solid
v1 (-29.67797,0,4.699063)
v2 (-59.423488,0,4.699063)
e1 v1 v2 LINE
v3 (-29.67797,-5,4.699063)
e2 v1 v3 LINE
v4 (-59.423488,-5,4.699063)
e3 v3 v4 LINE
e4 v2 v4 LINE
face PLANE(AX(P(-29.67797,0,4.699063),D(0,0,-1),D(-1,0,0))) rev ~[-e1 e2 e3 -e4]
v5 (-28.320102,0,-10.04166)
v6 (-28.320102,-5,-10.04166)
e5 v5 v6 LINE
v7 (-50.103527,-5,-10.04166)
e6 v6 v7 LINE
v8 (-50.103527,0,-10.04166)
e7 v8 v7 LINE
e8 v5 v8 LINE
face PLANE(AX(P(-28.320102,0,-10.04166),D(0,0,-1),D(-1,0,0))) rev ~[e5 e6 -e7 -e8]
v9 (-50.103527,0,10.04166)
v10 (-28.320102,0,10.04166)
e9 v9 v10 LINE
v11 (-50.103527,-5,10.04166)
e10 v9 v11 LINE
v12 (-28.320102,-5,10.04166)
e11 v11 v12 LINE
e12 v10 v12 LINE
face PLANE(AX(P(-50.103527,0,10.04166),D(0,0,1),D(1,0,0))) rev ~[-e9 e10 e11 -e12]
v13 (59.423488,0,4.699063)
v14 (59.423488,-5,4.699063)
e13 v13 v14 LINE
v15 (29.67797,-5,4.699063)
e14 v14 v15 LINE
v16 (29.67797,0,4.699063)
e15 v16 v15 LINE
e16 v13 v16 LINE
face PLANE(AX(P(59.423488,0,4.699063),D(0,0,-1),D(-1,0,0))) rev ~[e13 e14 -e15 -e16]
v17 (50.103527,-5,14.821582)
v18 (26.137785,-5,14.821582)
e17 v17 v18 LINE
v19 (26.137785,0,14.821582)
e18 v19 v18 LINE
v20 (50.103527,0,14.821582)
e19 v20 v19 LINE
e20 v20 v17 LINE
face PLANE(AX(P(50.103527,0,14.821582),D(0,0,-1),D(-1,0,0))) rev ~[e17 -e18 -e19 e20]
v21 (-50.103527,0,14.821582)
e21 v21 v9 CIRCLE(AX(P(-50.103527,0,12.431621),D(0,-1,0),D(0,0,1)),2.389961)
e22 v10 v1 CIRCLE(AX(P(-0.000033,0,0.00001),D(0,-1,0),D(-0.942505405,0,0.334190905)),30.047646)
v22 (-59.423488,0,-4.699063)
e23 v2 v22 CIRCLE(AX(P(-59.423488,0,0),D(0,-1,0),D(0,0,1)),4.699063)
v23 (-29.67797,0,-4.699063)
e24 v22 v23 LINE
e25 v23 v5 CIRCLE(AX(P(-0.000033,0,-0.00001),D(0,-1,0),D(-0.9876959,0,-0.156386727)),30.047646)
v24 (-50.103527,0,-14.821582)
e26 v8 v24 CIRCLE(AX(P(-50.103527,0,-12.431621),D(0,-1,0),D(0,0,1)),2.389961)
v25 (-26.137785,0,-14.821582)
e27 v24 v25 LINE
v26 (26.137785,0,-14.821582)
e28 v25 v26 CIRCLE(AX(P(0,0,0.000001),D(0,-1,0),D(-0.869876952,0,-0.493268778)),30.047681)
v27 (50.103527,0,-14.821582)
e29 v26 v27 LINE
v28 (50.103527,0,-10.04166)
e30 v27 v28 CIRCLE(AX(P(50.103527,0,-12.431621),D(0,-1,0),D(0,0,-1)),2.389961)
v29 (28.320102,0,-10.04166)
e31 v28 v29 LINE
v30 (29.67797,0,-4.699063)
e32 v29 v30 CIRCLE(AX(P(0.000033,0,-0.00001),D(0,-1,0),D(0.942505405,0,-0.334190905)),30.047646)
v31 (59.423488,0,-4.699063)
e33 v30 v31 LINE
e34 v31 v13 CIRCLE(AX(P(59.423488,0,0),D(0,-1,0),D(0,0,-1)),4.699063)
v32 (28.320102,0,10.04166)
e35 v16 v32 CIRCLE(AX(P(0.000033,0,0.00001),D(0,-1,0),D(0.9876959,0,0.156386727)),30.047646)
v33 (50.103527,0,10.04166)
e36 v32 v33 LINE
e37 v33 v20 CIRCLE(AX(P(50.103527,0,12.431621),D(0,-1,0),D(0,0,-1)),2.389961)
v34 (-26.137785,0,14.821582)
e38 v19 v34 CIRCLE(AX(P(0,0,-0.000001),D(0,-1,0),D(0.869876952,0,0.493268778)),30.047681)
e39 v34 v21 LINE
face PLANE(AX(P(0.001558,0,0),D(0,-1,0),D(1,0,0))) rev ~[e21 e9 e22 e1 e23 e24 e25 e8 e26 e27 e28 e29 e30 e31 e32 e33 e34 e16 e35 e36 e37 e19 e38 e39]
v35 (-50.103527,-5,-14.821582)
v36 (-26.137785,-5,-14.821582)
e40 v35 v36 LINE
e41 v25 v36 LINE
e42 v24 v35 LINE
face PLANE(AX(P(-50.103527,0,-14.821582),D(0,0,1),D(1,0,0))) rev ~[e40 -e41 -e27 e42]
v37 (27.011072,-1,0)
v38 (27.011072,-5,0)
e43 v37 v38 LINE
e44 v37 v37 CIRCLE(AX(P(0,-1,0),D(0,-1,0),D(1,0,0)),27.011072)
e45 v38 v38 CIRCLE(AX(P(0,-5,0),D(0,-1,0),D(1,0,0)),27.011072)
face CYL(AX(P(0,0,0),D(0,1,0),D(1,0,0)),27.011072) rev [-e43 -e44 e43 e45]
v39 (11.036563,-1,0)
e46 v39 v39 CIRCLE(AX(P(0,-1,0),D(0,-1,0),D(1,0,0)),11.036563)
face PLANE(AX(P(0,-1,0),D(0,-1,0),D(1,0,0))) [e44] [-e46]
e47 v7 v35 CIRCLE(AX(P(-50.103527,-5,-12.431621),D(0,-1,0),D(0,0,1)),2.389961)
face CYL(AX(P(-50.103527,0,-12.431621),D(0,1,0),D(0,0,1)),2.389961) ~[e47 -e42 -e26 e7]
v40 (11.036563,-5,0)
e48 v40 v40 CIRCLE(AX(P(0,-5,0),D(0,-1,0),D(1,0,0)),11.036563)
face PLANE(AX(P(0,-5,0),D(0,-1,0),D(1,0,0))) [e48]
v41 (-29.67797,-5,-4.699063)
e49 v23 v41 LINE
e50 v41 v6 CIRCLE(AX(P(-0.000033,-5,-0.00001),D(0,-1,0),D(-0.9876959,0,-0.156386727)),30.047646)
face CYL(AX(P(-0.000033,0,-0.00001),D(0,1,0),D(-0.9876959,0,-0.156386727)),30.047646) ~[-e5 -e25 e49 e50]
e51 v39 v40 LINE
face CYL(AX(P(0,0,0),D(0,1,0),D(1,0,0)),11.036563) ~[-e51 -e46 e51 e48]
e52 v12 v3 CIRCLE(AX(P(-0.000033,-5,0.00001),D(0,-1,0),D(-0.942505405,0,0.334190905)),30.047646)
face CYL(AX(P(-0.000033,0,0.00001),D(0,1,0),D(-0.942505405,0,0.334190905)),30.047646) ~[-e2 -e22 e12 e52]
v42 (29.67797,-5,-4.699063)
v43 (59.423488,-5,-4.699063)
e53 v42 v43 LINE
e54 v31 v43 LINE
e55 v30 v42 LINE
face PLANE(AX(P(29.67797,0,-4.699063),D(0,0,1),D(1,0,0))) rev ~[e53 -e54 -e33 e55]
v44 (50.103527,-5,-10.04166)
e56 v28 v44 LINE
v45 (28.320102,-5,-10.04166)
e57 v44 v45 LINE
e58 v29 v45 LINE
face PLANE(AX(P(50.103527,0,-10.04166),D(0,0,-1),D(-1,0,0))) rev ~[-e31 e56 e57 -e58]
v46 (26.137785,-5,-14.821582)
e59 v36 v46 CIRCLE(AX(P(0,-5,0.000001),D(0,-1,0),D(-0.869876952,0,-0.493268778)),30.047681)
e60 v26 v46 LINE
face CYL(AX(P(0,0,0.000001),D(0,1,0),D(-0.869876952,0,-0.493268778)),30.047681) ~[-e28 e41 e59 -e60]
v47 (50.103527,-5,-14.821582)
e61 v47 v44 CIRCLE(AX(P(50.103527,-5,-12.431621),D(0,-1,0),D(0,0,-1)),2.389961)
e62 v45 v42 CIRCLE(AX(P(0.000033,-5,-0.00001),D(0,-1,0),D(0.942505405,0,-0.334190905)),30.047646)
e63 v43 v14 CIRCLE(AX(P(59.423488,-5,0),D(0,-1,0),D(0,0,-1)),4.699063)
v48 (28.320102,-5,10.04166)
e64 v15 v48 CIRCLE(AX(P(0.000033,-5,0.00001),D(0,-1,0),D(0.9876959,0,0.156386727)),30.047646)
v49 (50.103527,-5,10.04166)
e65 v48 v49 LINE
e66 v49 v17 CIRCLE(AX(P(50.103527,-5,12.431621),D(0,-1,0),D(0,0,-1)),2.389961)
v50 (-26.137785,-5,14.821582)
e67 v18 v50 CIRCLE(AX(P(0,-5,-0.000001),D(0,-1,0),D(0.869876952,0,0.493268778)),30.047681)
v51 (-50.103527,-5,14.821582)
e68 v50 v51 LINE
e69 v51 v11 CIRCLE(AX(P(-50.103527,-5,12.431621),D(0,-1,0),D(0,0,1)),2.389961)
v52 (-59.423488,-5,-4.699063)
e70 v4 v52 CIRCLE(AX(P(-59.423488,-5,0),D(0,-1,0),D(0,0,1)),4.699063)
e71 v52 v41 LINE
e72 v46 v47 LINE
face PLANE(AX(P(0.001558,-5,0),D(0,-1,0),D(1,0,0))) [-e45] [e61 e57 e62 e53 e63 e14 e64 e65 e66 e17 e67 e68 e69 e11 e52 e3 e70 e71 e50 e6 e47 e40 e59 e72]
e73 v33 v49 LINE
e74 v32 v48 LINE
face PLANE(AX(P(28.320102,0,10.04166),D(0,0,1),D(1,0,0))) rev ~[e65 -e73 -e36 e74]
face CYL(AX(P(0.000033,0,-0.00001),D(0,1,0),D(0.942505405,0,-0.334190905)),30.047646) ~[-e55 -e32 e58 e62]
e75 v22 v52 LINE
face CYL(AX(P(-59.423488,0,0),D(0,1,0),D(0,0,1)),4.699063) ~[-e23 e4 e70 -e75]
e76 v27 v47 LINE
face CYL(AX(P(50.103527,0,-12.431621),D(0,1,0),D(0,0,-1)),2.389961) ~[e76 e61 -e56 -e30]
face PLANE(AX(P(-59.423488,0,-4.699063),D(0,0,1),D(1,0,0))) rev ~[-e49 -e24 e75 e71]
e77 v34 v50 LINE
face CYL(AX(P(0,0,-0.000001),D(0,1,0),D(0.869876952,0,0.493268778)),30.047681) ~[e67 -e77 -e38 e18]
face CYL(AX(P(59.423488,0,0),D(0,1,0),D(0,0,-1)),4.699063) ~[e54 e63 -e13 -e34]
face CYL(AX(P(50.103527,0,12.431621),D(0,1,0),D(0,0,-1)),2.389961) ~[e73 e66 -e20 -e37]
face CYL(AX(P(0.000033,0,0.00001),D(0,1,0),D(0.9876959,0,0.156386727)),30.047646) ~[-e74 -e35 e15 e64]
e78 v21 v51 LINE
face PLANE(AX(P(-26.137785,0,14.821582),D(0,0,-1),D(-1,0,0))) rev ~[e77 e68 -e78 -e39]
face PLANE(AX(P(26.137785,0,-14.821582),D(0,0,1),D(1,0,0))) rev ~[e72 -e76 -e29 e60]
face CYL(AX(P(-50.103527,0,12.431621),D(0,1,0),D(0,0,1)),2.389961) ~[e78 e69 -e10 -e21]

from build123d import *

# Parameters (mm, degrees)
F0_R     = 27.011072
F0_R_2   = 11.036563
F1_DEPTH = 1
F2_DEPTH = 5


with BuildPart() as f1:
    # F0 (on Front) → F1 (new body)
    with BuildSketch(Plane.XZ):
        Circle(F0_R)
        Circle(F0_R_2, mode=Mode.SUBTRACT)
    extrude(amount=F1_DEPTH)

    # F0 (on Front) → F2 (join)
    with BuildSketch(Plane.XZ):
        with BuildLine():
            ThreePointArc((29.67797, -4.699063), (29.95511, -2.356792), (30.04768, 0))
            ThreePointArc((30.04768, 0), (29.95511, 2.356792), (29.67797, 4.699063))
            ThreePointArc((29.67797, 4.699063), (29.121812, 7.401566), (28.320102, 10.04166))
            ThreePointArc((28.320102, 10.04166), (27.333629, 12.479416), (26.137785, 14.821582))
            ThreePointArc((26.137785, 14.821582), (0, 30.04768), (-26.137785, 14.821582))
            ThreePointArc((-26.137785, 14.821582), (-27.333629, 12.479416), (-28.320102, 10.04166))
            ThreePointArc((-28.320102, 10.04166), (-29.121812, 7.401566), (-29.67797, 4.699063))
            ThreePointArc((-29.67797, 4.699063), (-30.04768, 0), (-29.67797, -4.699063))
            ThreePointArc((-29.67797, -4.699063), (-29.121812, -7.401566), (-28.320102, -10.04166))
            ThreePointArc((-28.320102, -10.04166), (-27.333629, -12.479416), (-26.137785, -14.821582))
            ThreePointArc((-26.137785, -14.821582), (0, -30.04768), (26.137785, -14.821582))
            ThreePointArc((26.137785, -14.821582), (27.333629, -12.479416), (28.320102, -10.04166))
            ThreePointArc((28.320102, -10.04166), (29.121812, -7.401566), (29.67797, -4.699063))
        make_face()
        Circle(F0_R, mode=Mode.SUBTRACT)
        Circle(F0_R_2)
        with BuildLine():
            ThreePointArc((26.137785, 14.821582), (27.333629, 12.479416), (28.320102, 10.04166))
            Line((28.320102, 10.04166), (50.103527, 10.04166))
            ThreePointArc((50.103527, 10.04166), (52.493488, 12.431621), (50.103527, 14.821582))
            Line((50.103527, 14.821582), (26.137785, 14.821582))
        make_face()
        with BuildLine():
            ThreePointArc((29.67797, 4.699063), (29.95511, 2.356792), (30.04768, 0))
            ThreePointArc((30.04768, 0), (29.95511, -2.356792), (29.67797, -4.699063))
            Line((29.67797, -4.699063), (59.423488, -4.699063))
            ThreePointArc((59.423488, -4.699063), (64.122551, 0), (59.423488, 4.699063))
            Line((59.423488, 4.699063), (29.67797, 4.699063))
        make_face()
        with BuildLine():
            Line((50.103527, -10.04166), (28.320102, -10.04166))
            ThreePointArc((28.320102, -10.04166), (27.333629, -12.479416), (26.137785, -14.821582))
            Line((26.137785, -14.821582), (50.103527, -14.821582))
            ThreePointArc((50.103527, -14.821582), (52.493488, -12.431621), (50.103527, -10.04166))
        make_face()
        with BuildLine():
            Line((-50.103527, -14.821582), (-26.137785, -14.821582))
            ThreePointArc((-26.137785, -14.821582), (-27.333629, -12.479416), (-28.320102, -10.04166))
            Line((-28.320102, -10.04166), (-50.103527, -10.04166))
            ThreePointArc((-50.103527, -10.04166), (-52.493488, -12.431621), (-50.103527, -14.821582))
        make_face()
        with BuildLine():
            ThreePointArc((-29.67797, -4.699063), (-30.04768, 0), (-29.67797, 4.699063))
            Line((-29.67797, 4.699063), (-59.423488, 4.699063))
            ThreePointArc((-59.423488, 4.699063), (-64.122551, 0), (-59.423488, -4.699063))
            Line((-59.423488, -4.699063), (-29.67797, -4.699063))
        make_face()
        with BuildLine():
            ThreePointArc((-28.320102, 10.04166), (-27.333629, 12.479416), (-26.137785, 14.821582))
            Line((-26.137785, 14.821582), (-50.103527, 14.821582))
            ThreePointArc((-50.103527, 14.821582), (-52.493488, 12.431621), (-50.103527, 10.04166))
            Line((-50.103527, 10.04166), (-28.320102, 10.04166))
        make_face()
    extrude(amount=F2_DEPTH)


solid = f1.part
